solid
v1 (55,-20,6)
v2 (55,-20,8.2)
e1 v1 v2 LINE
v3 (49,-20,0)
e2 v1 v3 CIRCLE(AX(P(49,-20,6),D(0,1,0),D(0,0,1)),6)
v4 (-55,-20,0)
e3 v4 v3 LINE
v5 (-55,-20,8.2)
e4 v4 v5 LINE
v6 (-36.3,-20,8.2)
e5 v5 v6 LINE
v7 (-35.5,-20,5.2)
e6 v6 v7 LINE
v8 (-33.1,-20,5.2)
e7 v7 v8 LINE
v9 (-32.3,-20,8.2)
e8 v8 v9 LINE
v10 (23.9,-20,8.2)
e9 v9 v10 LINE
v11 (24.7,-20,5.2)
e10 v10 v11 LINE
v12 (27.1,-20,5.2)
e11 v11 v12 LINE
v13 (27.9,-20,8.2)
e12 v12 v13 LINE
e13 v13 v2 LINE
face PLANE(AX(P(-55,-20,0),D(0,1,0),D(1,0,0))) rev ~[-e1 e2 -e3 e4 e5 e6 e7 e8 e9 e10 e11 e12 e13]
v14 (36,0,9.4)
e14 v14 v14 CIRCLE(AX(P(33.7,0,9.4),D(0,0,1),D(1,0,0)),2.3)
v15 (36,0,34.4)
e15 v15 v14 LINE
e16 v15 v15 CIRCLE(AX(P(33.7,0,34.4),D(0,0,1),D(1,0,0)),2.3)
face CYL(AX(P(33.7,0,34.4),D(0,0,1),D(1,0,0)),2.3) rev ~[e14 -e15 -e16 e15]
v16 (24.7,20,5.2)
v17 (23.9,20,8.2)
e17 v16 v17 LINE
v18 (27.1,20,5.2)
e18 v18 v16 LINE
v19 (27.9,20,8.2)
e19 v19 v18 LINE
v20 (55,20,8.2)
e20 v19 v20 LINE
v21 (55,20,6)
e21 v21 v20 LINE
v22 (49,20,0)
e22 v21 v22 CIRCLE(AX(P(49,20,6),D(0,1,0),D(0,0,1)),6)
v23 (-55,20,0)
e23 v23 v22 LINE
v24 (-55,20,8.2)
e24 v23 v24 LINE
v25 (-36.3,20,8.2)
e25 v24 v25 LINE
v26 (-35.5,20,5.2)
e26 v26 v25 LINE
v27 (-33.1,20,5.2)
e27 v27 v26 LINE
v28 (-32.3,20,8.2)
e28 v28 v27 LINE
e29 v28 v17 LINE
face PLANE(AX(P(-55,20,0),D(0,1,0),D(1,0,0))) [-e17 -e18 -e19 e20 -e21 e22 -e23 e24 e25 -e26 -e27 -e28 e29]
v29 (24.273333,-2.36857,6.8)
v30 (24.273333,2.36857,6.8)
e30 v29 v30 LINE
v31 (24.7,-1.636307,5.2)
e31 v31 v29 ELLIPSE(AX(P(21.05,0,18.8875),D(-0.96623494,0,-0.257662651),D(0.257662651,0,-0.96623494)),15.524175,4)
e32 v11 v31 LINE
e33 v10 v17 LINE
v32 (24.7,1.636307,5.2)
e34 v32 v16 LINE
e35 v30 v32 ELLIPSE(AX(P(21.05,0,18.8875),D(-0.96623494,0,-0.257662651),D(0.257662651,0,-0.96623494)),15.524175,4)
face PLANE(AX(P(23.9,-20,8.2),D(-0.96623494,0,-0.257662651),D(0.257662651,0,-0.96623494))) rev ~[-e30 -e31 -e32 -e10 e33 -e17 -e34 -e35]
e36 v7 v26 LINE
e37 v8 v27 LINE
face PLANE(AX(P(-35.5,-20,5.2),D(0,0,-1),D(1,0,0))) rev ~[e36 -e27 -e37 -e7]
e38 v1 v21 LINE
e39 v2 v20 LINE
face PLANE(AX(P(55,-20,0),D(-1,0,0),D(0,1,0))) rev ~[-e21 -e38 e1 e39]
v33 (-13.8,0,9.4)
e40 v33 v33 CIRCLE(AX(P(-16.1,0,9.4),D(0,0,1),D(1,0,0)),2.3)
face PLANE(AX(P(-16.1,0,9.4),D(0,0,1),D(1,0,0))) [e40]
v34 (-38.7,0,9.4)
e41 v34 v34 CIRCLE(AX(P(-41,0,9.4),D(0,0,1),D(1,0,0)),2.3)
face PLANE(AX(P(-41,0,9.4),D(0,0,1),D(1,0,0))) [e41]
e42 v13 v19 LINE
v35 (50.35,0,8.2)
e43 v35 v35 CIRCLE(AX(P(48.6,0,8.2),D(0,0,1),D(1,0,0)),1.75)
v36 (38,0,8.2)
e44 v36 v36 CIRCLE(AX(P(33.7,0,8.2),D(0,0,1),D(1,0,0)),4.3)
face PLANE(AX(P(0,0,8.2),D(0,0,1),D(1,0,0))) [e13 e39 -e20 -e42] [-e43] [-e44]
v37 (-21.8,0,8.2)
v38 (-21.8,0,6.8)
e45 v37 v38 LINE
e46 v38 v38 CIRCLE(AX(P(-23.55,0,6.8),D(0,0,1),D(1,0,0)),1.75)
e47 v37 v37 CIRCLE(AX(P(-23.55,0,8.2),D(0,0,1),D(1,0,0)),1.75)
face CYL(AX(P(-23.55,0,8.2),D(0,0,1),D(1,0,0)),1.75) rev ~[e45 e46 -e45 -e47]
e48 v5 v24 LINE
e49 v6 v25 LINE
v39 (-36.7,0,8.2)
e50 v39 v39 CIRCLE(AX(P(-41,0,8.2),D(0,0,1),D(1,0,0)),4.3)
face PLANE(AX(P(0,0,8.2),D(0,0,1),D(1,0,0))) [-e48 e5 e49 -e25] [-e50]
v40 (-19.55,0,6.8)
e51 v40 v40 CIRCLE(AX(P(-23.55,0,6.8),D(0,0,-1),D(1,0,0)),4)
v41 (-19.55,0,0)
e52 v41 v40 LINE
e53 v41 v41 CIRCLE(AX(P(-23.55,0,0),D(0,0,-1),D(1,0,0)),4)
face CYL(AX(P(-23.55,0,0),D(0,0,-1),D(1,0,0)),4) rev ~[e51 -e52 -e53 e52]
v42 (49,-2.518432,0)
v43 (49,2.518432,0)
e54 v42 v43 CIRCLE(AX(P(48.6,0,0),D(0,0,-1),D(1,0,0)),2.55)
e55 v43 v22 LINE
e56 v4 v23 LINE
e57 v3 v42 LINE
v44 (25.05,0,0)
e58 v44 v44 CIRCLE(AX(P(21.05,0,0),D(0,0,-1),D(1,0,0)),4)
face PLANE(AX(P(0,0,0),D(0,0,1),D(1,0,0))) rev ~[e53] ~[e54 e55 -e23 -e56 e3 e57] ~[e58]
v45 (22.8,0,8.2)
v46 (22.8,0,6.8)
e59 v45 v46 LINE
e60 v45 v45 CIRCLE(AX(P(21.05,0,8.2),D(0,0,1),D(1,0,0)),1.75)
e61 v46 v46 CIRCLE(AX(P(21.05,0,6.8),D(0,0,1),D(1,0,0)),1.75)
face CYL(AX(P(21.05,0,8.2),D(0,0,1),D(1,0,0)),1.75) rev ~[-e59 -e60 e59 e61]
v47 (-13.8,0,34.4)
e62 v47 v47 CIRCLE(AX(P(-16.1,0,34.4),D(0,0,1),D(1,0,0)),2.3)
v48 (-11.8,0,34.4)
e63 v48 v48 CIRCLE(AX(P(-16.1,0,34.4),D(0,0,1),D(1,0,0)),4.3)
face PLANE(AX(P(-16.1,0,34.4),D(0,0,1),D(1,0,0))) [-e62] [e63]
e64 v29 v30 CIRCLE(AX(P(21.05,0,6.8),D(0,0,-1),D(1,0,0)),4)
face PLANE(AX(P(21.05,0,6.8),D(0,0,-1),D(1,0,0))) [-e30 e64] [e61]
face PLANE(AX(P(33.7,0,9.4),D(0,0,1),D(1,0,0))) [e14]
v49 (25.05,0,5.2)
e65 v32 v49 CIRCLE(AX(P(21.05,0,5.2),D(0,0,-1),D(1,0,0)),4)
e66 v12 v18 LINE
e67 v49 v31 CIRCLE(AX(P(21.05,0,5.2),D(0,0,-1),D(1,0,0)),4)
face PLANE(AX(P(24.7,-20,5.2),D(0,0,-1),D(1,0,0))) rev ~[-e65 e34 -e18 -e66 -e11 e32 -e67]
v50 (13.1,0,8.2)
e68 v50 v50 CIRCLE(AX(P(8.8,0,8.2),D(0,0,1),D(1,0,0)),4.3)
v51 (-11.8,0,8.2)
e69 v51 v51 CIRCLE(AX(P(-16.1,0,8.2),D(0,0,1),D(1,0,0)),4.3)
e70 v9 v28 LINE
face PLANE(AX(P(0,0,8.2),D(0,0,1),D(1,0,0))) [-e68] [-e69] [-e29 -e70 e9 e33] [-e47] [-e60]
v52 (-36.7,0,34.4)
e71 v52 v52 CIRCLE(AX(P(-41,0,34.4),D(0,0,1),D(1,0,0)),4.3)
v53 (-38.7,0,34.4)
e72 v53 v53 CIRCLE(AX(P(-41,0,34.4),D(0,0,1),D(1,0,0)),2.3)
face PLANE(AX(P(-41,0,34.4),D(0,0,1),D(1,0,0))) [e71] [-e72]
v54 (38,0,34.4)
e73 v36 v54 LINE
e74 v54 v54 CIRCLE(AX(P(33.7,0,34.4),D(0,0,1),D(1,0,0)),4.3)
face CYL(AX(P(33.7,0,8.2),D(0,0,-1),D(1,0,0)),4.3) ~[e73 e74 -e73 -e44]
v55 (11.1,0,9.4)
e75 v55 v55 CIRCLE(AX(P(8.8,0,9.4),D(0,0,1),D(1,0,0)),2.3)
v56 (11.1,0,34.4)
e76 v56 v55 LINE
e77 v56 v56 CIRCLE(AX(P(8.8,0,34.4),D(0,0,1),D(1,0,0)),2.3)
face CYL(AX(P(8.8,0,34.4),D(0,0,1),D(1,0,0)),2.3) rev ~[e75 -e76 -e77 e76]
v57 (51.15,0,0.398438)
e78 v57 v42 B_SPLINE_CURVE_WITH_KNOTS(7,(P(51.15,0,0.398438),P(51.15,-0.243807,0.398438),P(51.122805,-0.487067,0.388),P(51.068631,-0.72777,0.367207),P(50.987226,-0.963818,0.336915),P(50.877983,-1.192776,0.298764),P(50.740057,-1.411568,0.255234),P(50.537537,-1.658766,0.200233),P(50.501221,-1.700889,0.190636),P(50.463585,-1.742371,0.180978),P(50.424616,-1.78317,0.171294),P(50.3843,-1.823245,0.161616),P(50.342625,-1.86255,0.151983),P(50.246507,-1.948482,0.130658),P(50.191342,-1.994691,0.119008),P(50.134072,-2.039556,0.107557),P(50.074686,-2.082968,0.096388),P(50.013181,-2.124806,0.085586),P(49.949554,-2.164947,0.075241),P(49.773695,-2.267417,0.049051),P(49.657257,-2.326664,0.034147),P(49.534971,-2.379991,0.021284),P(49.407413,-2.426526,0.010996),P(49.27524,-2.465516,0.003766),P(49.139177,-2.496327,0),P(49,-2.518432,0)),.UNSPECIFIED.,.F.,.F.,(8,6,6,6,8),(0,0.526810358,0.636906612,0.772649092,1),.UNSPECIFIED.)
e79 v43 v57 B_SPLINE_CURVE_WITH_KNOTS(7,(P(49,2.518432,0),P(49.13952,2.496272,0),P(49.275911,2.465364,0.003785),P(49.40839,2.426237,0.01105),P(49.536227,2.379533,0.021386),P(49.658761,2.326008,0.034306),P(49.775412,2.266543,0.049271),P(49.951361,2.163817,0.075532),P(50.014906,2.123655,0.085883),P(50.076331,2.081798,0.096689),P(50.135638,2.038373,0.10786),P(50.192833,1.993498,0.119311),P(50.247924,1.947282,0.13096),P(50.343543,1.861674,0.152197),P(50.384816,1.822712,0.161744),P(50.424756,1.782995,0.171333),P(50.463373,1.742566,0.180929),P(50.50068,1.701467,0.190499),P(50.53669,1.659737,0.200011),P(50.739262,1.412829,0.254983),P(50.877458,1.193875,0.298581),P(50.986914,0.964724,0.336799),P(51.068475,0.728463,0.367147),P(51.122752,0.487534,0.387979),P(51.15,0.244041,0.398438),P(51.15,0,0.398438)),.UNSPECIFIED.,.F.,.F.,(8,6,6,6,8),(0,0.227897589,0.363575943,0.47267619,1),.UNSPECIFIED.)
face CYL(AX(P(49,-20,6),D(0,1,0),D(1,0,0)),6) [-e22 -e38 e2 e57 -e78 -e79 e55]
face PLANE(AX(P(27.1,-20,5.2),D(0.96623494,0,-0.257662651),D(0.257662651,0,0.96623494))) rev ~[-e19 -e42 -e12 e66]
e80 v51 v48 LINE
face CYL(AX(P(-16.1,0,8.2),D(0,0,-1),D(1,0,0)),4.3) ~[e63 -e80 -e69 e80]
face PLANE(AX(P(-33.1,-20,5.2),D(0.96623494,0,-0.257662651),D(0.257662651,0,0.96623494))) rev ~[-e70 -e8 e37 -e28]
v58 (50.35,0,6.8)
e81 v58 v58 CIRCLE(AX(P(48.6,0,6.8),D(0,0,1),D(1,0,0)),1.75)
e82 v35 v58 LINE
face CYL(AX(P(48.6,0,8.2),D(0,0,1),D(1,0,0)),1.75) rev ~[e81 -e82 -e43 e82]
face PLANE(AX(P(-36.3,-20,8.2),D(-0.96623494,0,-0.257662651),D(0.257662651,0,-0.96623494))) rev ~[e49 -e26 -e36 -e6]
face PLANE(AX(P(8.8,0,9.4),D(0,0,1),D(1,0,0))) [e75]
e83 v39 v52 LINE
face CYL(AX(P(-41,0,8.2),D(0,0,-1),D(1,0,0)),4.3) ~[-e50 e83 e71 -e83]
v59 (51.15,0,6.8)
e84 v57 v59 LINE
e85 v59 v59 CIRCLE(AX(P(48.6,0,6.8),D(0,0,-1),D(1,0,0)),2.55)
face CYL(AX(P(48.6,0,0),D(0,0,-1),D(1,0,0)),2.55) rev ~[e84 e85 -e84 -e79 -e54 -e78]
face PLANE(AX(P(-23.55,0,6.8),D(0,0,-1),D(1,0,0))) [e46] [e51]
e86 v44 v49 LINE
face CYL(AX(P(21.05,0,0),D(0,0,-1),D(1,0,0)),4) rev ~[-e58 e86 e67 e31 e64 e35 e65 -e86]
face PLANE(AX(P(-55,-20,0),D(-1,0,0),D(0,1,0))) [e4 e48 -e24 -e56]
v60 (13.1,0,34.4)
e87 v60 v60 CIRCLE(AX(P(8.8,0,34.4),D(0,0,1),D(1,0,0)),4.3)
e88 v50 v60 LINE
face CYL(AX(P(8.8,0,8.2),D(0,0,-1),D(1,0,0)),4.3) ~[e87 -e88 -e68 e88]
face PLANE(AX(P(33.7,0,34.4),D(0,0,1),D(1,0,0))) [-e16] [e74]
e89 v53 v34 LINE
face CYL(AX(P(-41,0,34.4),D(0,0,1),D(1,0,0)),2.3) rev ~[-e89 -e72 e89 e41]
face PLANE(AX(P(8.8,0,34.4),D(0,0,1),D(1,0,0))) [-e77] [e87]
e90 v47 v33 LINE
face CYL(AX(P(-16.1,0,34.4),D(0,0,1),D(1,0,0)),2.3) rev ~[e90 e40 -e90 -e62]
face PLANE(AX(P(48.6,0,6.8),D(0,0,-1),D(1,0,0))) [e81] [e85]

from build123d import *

# Parameters (mm, degrees)
F0_W      = 110
F0_H      = 40
F1_DEPTH  = 8.2
F2_R      = 6
F3_R      = 4.3
F4_DEPTH  = 26.2
F5_R      = 2.55
F5_R_2    = 4
F6_DEPTH  = 6.8
F7_R      = 1.75
F8_DEPTH  = 8.201
F10_DEPTH = 40.001
F11_R     = 2.3
F12_DEPTH = 25


with BuildPart() as f1:
    # F0 (on Top) → F1 (new body)
    with BuildSketch(Plane.XY):
        Rectangle(F0_W, F0_H)
    extrude(amount=F1_DEPTH)

    # F2
    f2_edges = [f1.edges().sort_by_distance(p)[0] for p in [
        (55, 0, 0),
    ]]
    fillet(f2_edges, radius=F2_R)

    # F3 (on face) → F4 (join)
    with BuildSketch(Plane.XY.offset(8.2)):
        with Locations((-41, 0)):
            Circle(F3_R)
        with Locations((-16.1, 0)):
            Circle(F3_R)
        with Locations((8.8, 0)):
            Circle(F3_R)
        with Locations((33.7, 0)):
            Circle(F3_R)
    extrude(amount=F4_DEPTH)

    # F5 (on face) → F6 (cut)
    with BuildSketch(Plane(origin=(0, 0, 0), x_dir=(1, 0, 0), z_dir=(0, 0, -1))):
        with Locations((48.6, 0)):
            Circle(F5_R)
        with Locations((21.05, 0)):
            Circle(F5_R_2)
        with Locations((-23.55, 0)):
            Circle(F5_R_2)
    extrude(amount=-F6_DEPTH, mode=Mode.SUBTRACT)

    # F7 (on face) → F8 (cut, through all)
    with BuildSketch(Plane.XY.offset(8.2)):
        with Locations((48.6, 0)):
            Circle(F7_R)
        with Locations((21.05, 0)):
            Circle(F7_R)
        with Locations((-23.55, 0)):
            Circle(F7_R)
    extrude(amount=-F8_DEPTH, mode=Mode.SUBTRACT)

    # F9 (on face) → F10 (cut, through all)
    with BuildSketch(Plane.XZ.offset(20)):
        Polygon((-32.3, 8.2), (-36.3, 8.2), (-35.5, 5.2), (-33.1, 5.2), align=None)
        Polygon((27.9, 8.2), (23.9, 8.2), (24.7, 5.2), (27.1, 5.2), align=None)
    extrude(amount=-F10_DEPTH, mode=Mode.SUBTRACT)

    # F11 (on face) → F12 (cut)
    with BuildSketch(Plane.XY.offset(34.4)):
        with Locations((-41, 0)):
            Circle(F11_R)
        with Locations((-16.1, 0)):
            Circle(F11_R)
        with Locations((8.8, 0)):
            Circle(F11_R)
        with Locations((33.7, 0)):
            Circle(F11_R)
    extrude(amount=-F12_DEPTH, mode=Mode.SUBTRACT)


solid = f1.part
